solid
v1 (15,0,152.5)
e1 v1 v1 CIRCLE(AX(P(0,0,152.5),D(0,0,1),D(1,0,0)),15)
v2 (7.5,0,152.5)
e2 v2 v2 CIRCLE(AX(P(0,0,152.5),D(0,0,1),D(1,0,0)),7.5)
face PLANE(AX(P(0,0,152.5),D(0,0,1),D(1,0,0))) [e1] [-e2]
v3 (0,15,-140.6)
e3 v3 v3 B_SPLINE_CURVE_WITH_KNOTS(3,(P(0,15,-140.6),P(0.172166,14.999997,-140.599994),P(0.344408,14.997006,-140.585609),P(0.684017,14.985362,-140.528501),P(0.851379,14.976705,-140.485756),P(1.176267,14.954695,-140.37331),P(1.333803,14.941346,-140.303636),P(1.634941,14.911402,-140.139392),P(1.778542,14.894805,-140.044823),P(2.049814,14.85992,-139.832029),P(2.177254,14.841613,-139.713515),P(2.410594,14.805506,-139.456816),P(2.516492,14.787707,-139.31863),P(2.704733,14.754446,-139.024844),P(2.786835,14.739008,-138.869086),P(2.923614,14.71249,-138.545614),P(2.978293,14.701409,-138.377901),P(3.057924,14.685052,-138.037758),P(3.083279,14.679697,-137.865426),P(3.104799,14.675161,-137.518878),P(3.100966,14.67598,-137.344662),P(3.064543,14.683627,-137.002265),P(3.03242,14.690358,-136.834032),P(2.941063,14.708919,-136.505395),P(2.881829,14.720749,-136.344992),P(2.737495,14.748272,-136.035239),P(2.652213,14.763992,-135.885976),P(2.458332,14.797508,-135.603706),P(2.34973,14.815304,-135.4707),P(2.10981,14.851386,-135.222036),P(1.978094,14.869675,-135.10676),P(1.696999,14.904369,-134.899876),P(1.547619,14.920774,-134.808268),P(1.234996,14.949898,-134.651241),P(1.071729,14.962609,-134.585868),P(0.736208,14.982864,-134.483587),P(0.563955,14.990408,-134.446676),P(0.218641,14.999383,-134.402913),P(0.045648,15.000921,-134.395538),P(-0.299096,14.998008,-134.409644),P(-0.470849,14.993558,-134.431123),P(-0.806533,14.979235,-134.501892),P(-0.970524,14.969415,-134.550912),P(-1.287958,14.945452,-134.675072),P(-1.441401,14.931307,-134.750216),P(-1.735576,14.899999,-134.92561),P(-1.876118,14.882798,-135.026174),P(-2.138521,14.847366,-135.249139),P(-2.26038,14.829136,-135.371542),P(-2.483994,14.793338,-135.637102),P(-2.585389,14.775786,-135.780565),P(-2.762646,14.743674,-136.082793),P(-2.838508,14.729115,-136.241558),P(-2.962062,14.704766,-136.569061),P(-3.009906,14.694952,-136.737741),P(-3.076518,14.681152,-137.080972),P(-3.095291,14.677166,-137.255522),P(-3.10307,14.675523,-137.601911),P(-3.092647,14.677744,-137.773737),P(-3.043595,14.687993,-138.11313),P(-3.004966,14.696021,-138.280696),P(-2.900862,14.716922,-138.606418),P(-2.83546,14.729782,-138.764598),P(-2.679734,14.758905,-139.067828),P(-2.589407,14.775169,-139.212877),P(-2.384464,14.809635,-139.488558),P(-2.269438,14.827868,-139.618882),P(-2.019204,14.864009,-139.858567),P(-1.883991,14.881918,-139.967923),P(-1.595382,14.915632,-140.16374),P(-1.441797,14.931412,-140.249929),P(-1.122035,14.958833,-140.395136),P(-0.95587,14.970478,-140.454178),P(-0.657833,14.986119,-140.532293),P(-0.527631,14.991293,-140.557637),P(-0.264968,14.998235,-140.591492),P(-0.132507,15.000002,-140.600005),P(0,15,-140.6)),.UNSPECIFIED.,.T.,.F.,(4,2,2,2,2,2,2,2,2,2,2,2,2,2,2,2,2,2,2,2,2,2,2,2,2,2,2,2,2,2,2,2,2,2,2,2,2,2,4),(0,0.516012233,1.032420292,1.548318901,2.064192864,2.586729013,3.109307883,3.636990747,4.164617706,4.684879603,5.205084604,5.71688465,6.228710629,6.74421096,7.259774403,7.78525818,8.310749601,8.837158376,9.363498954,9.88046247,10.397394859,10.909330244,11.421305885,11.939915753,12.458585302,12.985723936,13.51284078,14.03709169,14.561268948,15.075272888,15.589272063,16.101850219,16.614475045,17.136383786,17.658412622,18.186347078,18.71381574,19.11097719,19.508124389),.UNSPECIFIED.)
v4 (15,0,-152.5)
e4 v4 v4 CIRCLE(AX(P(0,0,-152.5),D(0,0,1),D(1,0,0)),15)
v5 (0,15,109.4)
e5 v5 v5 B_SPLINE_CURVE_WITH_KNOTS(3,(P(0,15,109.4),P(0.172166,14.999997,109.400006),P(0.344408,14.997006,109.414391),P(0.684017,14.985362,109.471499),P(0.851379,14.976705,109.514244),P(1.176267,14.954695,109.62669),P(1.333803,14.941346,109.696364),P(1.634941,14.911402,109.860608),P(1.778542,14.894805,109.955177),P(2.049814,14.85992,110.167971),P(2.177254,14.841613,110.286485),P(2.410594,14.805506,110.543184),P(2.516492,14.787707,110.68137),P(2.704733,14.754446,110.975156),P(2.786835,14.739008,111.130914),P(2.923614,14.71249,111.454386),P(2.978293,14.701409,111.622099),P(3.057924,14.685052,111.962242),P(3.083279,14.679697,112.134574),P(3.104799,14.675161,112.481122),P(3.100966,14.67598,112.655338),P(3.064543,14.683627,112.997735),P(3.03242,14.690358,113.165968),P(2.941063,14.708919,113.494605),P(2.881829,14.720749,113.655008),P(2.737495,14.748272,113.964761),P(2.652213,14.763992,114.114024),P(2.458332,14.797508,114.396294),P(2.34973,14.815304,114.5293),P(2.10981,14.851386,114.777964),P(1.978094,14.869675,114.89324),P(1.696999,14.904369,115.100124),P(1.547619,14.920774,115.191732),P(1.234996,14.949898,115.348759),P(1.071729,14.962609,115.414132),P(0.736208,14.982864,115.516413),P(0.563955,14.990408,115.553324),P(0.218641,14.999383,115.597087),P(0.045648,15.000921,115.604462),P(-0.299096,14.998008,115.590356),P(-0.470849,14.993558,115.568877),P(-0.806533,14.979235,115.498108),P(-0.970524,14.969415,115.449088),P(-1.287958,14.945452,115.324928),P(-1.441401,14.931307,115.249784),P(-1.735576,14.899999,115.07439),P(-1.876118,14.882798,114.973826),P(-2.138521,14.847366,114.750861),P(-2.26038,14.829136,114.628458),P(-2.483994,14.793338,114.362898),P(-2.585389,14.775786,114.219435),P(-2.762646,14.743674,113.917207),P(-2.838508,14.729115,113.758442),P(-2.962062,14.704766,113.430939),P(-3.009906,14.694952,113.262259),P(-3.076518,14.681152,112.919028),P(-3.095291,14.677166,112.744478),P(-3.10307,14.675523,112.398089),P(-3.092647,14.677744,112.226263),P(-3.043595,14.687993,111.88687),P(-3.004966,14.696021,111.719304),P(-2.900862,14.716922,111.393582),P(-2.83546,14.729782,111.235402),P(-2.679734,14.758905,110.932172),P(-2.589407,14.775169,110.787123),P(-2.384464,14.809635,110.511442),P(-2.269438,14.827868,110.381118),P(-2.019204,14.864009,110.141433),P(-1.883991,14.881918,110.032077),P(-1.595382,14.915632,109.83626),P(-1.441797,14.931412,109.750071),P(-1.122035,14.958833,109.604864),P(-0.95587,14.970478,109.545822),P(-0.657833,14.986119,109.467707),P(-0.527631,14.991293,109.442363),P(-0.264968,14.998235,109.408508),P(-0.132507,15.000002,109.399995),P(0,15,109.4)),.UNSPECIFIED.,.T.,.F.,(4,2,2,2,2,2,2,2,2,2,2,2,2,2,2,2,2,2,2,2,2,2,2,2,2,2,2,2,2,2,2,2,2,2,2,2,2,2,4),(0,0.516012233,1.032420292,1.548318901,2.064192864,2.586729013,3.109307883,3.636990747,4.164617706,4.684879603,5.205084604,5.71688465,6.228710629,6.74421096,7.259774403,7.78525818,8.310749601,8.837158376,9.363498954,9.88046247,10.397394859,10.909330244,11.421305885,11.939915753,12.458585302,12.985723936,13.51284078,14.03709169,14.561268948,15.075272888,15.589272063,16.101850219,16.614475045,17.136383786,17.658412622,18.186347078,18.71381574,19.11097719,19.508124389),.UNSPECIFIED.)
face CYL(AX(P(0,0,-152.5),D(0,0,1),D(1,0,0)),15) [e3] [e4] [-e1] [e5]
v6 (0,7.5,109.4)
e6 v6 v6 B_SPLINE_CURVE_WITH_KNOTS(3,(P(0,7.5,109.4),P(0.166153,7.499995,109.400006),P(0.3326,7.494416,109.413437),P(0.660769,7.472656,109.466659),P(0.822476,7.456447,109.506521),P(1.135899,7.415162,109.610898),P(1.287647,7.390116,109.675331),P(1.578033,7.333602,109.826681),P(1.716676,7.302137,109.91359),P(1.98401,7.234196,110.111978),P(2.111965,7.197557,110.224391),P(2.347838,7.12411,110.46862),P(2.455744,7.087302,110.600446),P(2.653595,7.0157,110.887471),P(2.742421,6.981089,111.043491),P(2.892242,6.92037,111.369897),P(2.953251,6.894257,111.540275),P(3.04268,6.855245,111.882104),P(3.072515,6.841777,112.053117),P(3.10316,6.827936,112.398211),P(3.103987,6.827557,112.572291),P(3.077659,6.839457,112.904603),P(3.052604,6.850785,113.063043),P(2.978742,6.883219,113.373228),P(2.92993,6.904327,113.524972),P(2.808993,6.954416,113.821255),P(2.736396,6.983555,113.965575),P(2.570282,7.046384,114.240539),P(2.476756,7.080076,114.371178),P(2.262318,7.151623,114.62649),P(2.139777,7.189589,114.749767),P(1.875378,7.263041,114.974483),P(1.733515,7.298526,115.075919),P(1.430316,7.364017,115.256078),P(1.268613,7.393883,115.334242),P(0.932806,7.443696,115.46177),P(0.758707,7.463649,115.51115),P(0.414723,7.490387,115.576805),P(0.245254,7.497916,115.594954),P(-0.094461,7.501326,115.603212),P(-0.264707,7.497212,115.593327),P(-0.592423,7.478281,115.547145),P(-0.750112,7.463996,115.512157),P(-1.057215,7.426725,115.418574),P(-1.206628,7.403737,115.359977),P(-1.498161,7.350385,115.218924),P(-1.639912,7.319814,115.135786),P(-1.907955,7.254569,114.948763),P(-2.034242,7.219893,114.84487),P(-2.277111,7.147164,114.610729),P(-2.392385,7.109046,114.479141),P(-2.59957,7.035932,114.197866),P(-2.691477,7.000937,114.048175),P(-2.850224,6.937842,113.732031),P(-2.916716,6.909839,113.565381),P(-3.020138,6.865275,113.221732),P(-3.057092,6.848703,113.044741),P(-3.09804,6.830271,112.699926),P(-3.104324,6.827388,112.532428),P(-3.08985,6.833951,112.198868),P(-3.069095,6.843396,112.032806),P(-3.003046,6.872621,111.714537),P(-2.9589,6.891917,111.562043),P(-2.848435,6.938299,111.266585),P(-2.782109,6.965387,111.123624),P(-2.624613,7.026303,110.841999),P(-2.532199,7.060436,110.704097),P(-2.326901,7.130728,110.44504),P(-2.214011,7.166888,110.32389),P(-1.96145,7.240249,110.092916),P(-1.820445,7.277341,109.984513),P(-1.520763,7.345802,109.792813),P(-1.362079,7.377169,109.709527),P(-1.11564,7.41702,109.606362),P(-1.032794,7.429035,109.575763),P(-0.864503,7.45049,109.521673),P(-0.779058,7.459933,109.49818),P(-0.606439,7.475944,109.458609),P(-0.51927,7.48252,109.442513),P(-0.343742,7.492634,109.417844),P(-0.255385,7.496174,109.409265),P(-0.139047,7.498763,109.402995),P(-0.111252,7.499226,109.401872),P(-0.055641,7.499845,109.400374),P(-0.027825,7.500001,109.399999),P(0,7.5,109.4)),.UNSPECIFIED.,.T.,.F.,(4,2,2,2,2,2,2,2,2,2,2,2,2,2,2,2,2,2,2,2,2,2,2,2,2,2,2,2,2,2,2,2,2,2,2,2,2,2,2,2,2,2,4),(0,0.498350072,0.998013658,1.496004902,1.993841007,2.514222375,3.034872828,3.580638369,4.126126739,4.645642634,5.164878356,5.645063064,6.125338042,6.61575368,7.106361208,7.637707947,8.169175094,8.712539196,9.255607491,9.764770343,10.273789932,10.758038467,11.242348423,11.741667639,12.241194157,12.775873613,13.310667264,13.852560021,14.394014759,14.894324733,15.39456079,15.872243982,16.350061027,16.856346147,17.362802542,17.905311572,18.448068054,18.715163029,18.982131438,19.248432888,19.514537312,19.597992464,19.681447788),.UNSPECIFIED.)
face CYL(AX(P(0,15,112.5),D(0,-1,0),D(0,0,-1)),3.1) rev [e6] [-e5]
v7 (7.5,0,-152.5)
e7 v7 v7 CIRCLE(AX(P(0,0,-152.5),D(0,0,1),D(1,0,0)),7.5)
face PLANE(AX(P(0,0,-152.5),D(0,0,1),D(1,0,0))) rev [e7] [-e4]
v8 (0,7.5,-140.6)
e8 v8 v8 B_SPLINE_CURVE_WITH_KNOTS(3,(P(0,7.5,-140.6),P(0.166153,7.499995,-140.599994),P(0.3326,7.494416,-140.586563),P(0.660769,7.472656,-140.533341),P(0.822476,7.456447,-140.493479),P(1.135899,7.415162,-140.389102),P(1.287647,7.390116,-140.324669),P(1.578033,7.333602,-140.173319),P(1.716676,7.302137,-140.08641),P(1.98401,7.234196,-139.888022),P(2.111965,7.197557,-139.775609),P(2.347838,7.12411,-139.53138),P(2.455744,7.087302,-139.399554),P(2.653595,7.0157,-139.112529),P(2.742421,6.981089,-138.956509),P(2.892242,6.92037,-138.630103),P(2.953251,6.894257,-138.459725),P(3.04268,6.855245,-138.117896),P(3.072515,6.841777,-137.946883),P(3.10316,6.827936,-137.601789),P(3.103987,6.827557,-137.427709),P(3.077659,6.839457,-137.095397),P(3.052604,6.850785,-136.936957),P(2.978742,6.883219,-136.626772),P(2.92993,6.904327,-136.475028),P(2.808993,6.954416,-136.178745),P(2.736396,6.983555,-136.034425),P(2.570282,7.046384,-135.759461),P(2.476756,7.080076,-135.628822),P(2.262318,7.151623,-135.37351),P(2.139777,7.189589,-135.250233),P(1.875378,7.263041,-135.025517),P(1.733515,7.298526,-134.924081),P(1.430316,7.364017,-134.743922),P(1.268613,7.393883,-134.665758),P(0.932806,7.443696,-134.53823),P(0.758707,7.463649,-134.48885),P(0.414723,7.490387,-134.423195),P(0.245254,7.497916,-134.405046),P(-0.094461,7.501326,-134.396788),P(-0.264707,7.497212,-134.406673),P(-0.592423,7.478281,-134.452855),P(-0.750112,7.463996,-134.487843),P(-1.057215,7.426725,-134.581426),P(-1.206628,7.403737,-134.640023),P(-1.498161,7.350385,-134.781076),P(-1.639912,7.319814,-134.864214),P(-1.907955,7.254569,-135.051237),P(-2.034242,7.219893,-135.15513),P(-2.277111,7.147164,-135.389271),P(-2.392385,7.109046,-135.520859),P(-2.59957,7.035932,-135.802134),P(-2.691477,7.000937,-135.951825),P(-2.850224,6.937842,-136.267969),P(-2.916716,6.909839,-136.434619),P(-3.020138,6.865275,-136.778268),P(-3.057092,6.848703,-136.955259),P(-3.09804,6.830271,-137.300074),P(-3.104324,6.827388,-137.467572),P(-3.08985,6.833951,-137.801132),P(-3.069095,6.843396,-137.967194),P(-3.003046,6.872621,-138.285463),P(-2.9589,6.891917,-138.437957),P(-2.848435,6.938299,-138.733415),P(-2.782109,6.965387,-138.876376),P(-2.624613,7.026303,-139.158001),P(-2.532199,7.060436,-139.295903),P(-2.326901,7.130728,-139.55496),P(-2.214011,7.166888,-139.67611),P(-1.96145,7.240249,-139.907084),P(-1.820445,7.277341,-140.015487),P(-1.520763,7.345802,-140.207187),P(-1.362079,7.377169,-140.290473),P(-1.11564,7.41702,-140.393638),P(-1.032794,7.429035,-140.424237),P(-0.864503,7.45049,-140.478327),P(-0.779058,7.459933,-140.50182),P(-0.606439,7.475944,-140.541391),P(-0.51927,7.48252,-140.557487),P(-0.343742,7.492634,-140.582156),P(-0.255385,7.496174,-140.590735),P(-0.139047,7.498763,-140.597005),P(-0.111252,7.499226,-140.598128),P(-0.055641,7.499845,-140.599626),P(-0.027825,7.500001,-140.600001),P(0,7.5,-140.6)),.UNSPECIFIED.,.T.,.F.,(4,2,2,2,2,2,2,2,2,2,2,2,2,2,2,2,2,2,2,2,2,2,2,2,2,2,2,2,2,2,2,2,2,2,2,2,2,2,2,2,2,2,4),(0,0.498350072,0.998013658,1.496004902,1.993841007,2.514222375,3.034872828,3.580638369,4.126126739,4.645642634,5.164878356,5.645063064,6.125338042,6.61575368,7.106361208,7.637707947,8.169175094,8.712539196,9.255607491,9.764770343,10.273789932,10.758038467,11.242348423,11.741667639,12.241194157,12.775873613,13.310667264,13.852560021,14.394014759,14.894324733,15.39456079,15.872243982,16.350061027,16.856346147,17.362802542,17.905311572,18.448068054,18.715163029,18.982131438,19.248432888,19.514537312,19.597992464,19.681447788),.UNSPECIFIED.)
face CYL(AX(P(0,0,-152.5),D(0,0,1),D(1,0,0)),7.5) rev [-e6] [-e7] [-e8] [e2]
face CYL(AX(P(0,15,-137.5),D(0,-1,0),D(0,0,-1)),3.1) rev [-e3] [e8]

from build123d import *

# Parameters (mm, degrees)
BOSS_EXTRUDE1_DEPTH      = 152.5
BOSS_EXTRUDE1_DEPTH_BACK = 152.5
SKETCH1_R                = 15
SKETCH1_R_2              = 7.5
SKETCH2_R                = 3.1
CUT_EXTRUDE1_DEPTH       = 154.968340902
SKETCH3_R                = 3.1
CUT_EXTRUDE2_DEPTH       = 154.96834102


with BuildPart() as part:
    # Sketch1 → Boss-Extrude1 (new, two sides: drawn at the far end of the back side and taken through both)
    with BuildSketch(Plane.XY.offset(-BOSS_EXTRUDE1_DEPTH_BACK)):
        Circle(SKETCH1_R)
        Circle(SKETCH1_R_2, mode=Mode.SUBTRACT)
    extrude(amount=BOSS_EXTRUDE1_DEPTH + BOSS_EXTRUDE1_DEPTH_BACK)

    # Sketch2 → Cut-Extrude1 (cut, through all)
    with BuildSketch(Plane(origin=(0, 0, 0), x_dir=(1, 0, 0), z_dir=(0, 1, 0))):
        with Locations((0, -112.5)):
            Circle(SKETCH2_R)
    extrude(amount=CUT_EXTRUDE1_DEPTH, mode=Mode.SUBTRACT)

    # Sketch3 → Cut-Extrude2 (cut, through all)
    with BuildSketch(Plane(origin=(0, 0, 0), x_dir=(1, 0, 0), z_dir=(0, 1, 0))):
        with Locations((0, 137.5)):
            Circle(SKETCH3_R)
    extrude(amount=CUT_EXTRUDE2_DEPTH, mode=Mode.SUBTRACT)


solid = part.part
